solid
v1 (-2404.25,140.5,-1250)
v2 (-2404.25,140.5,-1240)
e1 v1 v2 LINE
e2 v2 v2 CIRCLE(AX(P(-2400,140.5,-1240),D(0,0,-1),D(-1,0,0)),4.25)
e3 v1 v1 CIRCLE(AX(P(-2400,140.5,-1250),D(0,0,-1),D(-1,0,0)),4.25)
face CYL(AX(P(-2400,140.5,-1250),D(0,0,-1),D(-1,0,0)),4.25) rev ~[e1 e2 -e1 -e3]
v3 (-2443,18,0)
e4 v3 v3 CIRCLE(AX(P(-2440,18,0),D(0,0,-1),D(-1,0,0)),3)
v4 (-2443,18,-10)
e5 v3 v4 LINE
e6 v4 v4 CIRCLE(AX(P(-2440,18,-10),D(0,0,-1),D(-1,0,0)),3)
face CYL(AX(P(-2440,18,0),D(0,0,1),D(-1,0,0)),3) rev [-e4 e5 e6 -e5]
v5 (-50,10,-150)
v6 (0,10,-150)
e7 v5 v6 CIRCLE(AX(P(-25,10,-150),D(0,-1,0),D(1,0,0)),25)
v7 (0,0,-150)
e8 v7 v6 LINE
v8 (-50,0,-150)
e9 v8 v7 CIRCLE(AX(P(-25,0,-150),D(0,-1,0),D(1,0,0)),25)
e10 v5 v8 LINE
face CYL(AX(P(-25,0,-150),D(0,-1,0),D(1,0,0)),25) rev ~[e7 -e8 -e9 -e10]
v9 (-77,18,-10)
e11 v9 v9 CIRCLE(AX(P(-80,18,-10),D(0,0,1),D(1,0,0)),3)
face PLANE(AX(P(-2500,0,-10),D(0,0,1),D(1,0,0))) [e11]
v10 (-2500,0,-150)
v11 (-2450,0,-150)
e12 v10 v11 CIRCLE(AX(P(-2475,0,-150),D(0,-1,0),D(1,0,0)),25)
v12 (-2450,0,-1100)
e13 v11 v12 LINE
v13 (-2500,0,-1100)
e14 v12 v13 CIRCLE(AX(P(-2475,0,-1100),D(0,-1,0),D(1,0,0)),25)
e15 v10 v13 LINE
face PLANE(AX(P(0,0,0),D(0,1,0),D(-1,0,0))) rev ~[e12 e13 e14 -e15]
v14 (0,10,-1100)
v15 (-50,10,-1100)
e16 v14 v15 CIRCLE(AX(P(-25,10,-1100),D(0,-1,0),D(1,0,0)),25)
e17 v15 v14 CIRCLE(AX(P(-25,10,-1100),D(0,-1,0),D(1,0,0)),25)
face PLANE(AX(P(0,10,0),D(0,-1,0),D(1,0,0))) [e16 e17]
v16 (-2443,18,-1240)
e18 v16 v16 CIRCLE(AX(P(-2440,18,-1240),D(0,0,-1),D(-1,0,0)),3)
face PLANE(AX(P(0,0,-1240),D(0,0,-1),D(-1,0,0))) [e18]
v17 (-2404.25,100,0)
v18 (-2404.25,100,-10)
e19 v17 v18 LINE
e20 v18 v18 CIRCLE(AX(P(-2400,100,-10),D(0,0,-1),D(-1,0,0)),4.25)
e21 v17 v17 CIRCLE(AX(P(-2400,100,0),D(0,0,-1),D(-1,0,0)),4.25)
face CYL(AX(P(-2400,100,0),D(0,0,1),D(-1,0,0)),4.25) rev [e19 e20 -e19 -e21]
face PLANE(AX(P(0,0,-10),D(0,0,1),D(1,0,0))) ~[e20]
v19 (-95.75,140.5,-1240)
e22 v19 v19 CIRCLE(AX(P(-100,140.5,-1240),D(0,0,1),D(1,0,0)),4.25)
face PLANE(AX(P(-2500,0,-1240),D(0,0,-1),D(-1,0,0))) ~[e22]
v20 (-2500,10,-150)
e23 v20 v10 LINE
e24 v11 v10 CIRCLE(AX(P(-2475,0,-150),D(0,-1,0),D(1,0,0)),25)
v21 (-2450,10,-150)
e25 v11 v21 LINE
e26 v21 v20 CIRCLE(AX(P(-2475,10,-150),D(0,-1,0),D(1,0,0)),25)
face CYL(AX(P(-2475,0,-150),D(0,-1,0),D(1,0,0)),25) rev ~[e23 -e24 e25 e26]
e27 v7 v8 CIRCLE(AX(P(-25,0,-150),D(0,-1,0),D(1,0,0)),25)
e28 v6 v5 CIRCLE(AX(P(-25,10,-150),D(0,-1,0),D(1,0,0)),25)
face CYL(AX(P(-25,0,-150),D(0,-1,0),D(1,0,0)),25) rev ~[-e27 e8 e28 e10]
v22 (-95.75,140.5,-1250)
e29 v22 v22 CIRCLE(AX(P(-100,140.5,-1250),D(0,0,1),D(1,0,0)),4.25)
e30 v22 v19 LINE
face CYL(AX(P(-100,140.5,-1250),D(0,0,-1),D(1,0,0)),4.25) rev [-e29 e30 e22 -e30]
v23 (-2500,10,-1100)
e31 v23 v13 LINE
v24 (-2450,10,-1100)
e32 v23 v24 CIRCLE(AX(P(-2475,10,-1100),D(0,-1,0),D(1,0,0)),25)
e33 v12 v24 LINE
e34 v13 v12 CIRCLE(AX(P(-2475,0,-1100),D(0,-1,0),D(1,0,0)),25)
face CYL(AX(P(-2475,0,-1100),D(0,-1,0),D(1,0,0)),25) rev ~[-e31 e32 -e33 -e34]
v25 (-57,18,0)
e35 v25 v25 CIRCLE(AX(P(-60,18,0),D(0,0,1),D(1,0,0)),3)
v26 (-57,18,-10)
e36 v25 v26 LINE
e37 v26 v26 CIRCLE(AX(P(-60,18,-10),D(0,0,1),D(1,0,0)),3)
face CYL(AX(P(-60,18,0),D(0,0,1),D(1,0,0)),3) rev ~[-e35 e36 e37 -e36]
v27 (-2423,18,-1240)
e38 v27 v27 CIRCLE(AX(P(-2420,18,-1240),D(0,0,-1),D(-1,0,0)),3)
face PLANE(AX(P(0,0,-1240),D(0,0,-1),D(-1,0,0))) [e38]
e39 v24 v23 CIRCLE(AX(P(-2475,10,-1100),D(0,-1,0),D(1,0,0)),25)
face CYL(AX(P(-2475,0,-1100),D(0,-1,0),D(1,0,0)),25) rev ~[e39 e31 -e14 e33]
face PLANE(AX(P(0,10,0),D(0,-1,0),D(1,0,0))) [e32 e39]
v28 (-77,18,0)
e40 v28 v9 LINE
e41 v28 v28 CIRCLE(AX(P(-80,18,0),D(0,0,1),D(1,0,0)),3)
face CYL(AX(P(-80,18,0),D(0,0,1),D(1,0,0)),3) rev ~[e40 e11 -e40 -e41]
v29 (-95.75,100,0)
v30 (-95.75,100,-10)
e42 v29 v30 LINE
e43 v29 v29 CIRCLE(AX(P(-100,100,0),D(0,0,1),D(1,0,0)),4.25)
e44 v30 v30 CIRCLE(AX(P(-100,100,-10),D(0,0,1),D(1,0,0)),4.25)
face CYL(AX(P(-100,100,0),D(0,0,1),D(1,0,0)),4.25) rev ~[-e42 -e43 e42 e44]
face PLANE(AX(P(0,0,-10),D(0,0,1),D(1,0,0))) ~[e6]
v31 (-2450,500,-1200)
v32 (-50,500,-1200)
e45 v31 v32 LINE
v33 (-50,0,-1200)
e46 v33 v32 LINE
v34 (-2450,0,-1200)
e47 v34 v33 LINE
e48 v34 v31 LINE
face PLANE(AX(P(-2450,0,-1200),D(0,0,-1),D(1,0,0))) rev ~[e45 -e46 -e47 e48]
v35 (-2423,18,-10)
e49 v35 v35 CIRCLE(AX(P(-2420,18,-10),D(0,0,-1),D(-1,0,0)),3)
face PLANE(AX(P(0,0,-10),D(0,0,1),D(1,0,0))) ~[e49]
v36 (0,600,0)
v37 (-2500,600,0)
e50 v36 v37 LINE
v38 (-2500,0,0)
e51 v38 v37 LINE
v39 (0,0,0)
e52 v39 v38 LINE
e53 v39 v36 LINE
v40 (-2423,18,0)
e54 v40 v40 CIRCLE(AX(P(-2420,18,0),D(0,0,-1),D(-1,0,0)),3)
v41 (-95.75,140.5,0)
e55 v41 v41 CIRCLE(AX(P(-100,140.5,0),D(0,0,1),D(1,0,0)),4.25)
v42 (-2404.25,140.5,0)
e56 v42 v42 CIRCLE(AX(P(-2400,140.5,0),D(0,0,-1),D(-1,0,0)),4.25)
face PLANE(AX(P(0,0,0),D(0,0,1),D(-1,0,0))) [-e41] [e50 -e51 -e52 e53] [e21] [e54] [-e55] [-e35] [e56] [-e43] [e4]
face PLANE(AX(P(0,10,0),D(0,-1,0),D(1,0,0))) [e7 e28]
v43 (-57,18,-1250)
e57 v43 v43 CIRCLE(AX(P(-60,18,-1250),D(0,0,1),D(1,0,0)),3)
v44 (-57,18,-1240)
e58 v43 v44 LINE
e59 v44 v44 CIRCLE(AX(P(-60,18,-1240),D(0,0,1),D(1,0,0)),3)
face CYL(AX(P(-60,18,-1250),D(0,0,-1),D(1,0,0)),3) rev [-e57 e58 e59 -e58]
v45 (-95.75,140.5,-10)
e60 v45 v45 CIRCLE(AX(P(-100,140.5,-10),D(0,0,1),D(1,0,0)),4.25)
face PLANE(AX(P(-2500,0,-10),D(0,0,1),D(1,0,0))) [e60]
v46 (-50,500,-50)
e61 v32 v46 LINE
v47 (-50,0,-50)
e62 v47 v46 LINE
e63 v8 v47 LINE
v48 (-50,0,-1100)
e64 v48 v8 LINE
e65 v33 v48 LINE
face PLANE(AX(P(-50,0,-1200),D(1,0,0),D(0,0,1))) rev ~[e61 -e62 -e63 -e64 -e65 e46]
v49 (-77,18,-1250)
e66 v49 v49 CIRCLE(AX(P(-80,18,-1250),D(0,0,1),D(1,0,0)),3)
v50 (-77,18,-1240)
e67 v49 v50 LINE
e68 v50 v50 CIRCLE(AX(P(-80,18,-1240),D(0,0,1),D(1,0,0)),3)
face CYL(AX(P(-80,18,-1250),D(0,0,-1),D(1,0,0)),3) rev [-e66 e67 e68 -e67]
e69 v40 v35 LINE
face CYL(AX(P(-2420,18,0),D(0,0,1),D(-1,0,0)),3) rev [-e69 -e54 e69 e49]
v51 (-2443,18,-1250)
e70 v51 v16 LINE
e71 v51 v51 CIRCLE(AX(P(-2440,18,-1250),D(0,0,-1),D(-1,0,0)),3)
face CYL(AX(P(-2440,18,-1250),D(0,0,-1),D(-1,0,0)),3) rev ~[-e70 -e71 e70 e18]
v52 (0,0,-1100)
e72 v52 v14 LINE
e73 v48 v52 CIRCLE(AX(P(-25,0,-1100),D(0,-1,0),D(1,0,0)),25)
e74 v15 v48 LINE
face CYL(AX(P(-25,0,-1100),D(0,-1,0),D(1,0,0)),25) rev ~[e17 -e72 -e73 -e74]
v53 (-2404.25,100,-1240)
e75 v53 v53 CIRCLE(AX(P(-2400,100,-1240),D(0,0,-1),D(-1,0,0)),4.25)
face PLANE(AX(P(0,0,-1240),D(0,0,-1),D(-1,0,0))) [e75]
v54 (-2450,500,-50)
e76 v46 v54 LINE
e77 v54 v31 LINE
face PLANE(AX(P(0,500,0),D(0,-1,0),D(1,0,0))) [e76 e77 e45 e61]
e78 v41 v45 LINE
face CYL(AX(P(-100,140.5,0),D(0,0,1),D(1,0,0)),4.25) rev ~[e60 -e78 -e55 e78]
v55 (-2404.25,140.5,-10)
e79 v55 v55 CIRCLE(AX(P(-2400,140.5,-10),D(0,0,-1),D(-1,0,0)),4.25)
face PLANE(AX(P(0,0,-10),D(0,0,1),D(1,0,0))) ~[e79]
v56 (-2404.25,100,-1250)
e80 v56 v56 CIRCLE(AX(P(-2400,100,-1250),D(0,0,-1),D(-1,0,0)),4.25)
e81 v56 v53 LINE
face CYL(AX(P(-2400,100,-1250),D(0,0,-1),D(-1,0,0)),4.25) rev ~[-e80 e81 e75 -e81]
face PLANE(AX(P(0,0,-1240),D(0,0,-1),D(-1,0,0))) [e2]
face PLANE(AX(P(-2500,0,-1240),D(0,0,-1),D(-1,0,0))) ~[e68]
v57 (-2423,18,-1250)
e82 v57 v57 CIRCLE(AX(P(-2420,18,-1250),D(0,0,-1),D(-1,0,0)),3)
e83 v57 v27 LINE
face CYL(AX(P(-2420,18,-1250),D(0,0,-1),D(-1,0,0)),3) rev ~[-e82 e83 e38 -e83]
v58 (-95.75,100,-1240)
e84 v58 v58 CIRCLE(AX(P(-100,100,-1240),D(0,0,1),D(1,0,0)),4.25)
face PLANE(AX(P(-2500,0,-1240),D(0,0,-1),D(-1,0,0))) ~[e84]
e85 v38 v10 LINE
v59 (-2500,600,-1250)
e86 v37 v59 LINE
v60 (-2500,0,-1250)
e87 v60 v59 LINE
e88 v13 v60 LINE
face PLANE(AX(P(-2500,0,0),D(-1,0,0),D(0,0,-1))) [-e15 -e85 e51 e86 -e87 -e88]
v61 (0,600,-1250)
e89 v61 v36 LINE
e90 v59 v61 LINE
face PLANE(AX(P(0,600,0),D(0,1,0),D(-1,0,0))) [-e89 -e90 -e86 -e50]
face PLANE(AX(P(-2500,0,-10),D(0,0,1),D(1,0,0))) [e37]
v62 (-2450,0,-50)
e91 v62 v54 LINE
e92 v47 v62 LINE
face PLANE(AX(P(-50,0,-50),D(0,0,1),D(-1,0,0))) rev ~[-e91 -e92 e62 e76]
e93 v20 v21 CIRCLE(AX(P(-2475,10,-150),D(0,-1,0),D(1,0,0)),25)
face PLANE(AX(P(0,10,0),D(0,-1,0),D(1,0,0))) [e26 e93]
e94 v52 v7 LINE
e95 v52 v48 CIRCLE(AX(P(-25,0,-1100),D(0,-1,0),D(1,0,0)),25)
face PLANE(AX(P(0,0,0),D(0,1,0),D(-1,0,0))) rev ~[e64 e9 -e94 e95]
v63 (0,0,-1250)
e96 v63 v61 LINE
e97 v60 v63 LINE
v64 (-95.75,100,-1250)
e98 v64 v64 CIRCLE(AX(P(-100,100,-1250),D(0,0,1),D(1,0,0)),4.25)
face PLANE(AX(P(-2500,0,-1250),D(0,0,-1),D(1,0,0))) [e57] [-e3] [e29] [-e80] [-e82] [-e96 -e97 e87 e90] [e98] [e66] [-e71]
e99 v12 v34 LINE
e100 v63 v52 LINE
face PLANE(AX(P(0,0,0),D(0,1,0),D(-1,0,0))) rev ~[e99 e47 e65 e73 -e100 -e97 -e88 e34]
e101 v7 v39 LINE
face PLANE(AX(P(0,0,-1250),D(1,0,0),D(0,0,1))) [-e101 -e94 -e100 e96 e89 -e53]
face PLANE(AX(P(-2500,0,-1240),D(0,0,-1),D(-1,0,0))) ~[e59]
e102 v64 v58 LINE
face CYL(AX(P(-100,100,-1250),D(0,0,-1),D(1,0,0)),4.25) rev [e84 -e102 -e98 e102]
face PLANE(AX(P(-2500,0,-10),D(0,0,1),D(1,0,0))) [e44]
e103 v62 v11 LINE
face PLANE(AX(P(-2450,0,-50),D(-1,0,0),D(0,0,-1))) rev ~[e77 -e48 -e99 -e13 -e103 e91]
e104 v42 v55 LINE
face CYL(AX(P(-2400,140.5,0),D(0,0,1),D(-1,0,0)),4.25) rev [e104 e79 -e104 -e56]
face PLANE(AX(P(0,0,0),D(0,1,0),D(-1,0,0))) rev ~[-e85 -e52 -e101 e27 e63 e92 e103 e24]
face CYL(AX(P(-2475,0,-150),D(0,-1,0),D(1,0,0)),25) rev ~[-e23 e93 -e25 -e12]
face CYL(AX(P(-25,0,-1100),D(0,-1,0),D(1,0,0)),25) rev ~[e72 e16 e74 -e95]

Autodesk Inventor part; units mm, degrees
ref_plane "YZ Plane" through (0, 0, 0) normal (1, 0, 0) x (0, 1, 0)
sketch "Sketch1" plane through (0, 0, 0) normal (0, 1, 0) x (-1, 0, 0)
  line L0 (0, 0) -> (2500, 0)
  line L1 (2500, 0) -> (2500, -1250)
  line L2 (2500, -1250) -> (0, -1250)
  line L3 (0, -1250) -> (0, 0)
  dimension "d0" = 2500
  dimension "d1" = 1250
extrude "Extrusion1" add sketch "Sketch1" along normal blind 600
sketch "Sketch2" plane through (0, 0, 0) normal (0, -1, 0) x (1, 0, 0)
  line L0 (-50, -50) -> (-2450, -50)
  line L1 (-2450, -50) -> (-2450, -1200)
  line L2 (-2450, -1200) -> (-50, -1200)
  line L3 (-50, -1200) -> (-50, -50)
  line L4 (0, 0) -> (-2500, 0) projected
  line L5 (0, -1250) -> (0, 0) projected
  dimension "d4" = 2400
  dimension "d5" = 1150
  dimension "d8" = 50
  dimension "d9" = 50
  dimension "d10" = 2500
  dimension "d11" = 1250
extrude "Extrusion2" cut sketch "Sketch2" against normal blind 500
sketch "Sketch3" plane through (-2500, 0, 0) normal (0, 0, 1) x (1, 0, 0)
  line L0 (2500, 0) -> (0, 0) projected
  line L1 (2500, 0) -> (2500, 600) projected
  line L2 (0, 0) -> (0, 600) projected
  circle A0 centre (2440, 18) radius 3
  circle A1 centre (2420, 18) radius 3
  circle A2 centre (2400, 100) radius 4.25
  circle A3 centre (2400, 140.5) radius 4.25
  dimension "d12" = 6
  dimension "d13" = 18
  dimension "d14" = 60
  dimension "d20" = 6
  dimension "d21" = 18
  dimension "d23" = 20
  dimension "d24" = 8.5
  dimension "d25" = 8.5
  dimension "d26" = 100
  dimension "d27" = 40.5
  dimension "d28" = 100
  dimension "d29" = 100
extrude "Extrusion3" cut sketch "Sketch3" against normal blind 10
ref_plane "Work Plane1" through (-2500, 0, -625) normal (0, 0, 1) x (1, 0, 0)
mirror "Mirror1" about plane through (-2500, 0, -625) normal (0, 0, 1) of "Extrusion3"
ref_plane "Work Plane2" through (-1250, 0, -1250) normal (-1, 0, 0) x (0, 0, 1)
mirror "Mirror2" about plane through (-1250, 0, -1250) normal (-1, 0, 0) of "Extrusion3"
mirror "Mirror3" about plane through (-2500, 0, -625) normal (0, 0, 1) of "Mirror2", "Extrusion3"
sketch "Sketch4" plane through (0, 0, 0) normal (0, -1, 0) x (1, 0, 0)
  circle A0 centre (-25, -150) radius 25
  line L0 (0, 0) -> (-2500, 0) projected
  line L1 (0, -1250) -> (0, 0) projected
  circle A1 centre (-2475, -150) radius 25
  circle A2 centre (-25, -1100) radius 25
  circle A3 centre (-2475, -1100) radius 25
  dimension "d30" = 50
  dimension "d31" = 25
  dimension "d32" = 150
  dimension "d33" = 2500
  dimension "d34" = 1250
  dimension "d37" = 2450
  dimension "d40" = 950
extrude "Extrusion4" cut sketch "Sketch4" against normal blind 10
equation "\"d4\" = d10 - 2 * d9"
equation "\"d5\" = d11 - 2 * d8"
equation "\"d9\" = d8"
equation "\"d13\" = 3 * d12"
equation "\"d21\" = d13"
equation "\"d29\" = d28"
equation "\"d37\" = d33 - 2 * d31"
equation "\"d40\" = d34 - 2 * d32"
properties part number "Base" material "Wood (Birch)"
